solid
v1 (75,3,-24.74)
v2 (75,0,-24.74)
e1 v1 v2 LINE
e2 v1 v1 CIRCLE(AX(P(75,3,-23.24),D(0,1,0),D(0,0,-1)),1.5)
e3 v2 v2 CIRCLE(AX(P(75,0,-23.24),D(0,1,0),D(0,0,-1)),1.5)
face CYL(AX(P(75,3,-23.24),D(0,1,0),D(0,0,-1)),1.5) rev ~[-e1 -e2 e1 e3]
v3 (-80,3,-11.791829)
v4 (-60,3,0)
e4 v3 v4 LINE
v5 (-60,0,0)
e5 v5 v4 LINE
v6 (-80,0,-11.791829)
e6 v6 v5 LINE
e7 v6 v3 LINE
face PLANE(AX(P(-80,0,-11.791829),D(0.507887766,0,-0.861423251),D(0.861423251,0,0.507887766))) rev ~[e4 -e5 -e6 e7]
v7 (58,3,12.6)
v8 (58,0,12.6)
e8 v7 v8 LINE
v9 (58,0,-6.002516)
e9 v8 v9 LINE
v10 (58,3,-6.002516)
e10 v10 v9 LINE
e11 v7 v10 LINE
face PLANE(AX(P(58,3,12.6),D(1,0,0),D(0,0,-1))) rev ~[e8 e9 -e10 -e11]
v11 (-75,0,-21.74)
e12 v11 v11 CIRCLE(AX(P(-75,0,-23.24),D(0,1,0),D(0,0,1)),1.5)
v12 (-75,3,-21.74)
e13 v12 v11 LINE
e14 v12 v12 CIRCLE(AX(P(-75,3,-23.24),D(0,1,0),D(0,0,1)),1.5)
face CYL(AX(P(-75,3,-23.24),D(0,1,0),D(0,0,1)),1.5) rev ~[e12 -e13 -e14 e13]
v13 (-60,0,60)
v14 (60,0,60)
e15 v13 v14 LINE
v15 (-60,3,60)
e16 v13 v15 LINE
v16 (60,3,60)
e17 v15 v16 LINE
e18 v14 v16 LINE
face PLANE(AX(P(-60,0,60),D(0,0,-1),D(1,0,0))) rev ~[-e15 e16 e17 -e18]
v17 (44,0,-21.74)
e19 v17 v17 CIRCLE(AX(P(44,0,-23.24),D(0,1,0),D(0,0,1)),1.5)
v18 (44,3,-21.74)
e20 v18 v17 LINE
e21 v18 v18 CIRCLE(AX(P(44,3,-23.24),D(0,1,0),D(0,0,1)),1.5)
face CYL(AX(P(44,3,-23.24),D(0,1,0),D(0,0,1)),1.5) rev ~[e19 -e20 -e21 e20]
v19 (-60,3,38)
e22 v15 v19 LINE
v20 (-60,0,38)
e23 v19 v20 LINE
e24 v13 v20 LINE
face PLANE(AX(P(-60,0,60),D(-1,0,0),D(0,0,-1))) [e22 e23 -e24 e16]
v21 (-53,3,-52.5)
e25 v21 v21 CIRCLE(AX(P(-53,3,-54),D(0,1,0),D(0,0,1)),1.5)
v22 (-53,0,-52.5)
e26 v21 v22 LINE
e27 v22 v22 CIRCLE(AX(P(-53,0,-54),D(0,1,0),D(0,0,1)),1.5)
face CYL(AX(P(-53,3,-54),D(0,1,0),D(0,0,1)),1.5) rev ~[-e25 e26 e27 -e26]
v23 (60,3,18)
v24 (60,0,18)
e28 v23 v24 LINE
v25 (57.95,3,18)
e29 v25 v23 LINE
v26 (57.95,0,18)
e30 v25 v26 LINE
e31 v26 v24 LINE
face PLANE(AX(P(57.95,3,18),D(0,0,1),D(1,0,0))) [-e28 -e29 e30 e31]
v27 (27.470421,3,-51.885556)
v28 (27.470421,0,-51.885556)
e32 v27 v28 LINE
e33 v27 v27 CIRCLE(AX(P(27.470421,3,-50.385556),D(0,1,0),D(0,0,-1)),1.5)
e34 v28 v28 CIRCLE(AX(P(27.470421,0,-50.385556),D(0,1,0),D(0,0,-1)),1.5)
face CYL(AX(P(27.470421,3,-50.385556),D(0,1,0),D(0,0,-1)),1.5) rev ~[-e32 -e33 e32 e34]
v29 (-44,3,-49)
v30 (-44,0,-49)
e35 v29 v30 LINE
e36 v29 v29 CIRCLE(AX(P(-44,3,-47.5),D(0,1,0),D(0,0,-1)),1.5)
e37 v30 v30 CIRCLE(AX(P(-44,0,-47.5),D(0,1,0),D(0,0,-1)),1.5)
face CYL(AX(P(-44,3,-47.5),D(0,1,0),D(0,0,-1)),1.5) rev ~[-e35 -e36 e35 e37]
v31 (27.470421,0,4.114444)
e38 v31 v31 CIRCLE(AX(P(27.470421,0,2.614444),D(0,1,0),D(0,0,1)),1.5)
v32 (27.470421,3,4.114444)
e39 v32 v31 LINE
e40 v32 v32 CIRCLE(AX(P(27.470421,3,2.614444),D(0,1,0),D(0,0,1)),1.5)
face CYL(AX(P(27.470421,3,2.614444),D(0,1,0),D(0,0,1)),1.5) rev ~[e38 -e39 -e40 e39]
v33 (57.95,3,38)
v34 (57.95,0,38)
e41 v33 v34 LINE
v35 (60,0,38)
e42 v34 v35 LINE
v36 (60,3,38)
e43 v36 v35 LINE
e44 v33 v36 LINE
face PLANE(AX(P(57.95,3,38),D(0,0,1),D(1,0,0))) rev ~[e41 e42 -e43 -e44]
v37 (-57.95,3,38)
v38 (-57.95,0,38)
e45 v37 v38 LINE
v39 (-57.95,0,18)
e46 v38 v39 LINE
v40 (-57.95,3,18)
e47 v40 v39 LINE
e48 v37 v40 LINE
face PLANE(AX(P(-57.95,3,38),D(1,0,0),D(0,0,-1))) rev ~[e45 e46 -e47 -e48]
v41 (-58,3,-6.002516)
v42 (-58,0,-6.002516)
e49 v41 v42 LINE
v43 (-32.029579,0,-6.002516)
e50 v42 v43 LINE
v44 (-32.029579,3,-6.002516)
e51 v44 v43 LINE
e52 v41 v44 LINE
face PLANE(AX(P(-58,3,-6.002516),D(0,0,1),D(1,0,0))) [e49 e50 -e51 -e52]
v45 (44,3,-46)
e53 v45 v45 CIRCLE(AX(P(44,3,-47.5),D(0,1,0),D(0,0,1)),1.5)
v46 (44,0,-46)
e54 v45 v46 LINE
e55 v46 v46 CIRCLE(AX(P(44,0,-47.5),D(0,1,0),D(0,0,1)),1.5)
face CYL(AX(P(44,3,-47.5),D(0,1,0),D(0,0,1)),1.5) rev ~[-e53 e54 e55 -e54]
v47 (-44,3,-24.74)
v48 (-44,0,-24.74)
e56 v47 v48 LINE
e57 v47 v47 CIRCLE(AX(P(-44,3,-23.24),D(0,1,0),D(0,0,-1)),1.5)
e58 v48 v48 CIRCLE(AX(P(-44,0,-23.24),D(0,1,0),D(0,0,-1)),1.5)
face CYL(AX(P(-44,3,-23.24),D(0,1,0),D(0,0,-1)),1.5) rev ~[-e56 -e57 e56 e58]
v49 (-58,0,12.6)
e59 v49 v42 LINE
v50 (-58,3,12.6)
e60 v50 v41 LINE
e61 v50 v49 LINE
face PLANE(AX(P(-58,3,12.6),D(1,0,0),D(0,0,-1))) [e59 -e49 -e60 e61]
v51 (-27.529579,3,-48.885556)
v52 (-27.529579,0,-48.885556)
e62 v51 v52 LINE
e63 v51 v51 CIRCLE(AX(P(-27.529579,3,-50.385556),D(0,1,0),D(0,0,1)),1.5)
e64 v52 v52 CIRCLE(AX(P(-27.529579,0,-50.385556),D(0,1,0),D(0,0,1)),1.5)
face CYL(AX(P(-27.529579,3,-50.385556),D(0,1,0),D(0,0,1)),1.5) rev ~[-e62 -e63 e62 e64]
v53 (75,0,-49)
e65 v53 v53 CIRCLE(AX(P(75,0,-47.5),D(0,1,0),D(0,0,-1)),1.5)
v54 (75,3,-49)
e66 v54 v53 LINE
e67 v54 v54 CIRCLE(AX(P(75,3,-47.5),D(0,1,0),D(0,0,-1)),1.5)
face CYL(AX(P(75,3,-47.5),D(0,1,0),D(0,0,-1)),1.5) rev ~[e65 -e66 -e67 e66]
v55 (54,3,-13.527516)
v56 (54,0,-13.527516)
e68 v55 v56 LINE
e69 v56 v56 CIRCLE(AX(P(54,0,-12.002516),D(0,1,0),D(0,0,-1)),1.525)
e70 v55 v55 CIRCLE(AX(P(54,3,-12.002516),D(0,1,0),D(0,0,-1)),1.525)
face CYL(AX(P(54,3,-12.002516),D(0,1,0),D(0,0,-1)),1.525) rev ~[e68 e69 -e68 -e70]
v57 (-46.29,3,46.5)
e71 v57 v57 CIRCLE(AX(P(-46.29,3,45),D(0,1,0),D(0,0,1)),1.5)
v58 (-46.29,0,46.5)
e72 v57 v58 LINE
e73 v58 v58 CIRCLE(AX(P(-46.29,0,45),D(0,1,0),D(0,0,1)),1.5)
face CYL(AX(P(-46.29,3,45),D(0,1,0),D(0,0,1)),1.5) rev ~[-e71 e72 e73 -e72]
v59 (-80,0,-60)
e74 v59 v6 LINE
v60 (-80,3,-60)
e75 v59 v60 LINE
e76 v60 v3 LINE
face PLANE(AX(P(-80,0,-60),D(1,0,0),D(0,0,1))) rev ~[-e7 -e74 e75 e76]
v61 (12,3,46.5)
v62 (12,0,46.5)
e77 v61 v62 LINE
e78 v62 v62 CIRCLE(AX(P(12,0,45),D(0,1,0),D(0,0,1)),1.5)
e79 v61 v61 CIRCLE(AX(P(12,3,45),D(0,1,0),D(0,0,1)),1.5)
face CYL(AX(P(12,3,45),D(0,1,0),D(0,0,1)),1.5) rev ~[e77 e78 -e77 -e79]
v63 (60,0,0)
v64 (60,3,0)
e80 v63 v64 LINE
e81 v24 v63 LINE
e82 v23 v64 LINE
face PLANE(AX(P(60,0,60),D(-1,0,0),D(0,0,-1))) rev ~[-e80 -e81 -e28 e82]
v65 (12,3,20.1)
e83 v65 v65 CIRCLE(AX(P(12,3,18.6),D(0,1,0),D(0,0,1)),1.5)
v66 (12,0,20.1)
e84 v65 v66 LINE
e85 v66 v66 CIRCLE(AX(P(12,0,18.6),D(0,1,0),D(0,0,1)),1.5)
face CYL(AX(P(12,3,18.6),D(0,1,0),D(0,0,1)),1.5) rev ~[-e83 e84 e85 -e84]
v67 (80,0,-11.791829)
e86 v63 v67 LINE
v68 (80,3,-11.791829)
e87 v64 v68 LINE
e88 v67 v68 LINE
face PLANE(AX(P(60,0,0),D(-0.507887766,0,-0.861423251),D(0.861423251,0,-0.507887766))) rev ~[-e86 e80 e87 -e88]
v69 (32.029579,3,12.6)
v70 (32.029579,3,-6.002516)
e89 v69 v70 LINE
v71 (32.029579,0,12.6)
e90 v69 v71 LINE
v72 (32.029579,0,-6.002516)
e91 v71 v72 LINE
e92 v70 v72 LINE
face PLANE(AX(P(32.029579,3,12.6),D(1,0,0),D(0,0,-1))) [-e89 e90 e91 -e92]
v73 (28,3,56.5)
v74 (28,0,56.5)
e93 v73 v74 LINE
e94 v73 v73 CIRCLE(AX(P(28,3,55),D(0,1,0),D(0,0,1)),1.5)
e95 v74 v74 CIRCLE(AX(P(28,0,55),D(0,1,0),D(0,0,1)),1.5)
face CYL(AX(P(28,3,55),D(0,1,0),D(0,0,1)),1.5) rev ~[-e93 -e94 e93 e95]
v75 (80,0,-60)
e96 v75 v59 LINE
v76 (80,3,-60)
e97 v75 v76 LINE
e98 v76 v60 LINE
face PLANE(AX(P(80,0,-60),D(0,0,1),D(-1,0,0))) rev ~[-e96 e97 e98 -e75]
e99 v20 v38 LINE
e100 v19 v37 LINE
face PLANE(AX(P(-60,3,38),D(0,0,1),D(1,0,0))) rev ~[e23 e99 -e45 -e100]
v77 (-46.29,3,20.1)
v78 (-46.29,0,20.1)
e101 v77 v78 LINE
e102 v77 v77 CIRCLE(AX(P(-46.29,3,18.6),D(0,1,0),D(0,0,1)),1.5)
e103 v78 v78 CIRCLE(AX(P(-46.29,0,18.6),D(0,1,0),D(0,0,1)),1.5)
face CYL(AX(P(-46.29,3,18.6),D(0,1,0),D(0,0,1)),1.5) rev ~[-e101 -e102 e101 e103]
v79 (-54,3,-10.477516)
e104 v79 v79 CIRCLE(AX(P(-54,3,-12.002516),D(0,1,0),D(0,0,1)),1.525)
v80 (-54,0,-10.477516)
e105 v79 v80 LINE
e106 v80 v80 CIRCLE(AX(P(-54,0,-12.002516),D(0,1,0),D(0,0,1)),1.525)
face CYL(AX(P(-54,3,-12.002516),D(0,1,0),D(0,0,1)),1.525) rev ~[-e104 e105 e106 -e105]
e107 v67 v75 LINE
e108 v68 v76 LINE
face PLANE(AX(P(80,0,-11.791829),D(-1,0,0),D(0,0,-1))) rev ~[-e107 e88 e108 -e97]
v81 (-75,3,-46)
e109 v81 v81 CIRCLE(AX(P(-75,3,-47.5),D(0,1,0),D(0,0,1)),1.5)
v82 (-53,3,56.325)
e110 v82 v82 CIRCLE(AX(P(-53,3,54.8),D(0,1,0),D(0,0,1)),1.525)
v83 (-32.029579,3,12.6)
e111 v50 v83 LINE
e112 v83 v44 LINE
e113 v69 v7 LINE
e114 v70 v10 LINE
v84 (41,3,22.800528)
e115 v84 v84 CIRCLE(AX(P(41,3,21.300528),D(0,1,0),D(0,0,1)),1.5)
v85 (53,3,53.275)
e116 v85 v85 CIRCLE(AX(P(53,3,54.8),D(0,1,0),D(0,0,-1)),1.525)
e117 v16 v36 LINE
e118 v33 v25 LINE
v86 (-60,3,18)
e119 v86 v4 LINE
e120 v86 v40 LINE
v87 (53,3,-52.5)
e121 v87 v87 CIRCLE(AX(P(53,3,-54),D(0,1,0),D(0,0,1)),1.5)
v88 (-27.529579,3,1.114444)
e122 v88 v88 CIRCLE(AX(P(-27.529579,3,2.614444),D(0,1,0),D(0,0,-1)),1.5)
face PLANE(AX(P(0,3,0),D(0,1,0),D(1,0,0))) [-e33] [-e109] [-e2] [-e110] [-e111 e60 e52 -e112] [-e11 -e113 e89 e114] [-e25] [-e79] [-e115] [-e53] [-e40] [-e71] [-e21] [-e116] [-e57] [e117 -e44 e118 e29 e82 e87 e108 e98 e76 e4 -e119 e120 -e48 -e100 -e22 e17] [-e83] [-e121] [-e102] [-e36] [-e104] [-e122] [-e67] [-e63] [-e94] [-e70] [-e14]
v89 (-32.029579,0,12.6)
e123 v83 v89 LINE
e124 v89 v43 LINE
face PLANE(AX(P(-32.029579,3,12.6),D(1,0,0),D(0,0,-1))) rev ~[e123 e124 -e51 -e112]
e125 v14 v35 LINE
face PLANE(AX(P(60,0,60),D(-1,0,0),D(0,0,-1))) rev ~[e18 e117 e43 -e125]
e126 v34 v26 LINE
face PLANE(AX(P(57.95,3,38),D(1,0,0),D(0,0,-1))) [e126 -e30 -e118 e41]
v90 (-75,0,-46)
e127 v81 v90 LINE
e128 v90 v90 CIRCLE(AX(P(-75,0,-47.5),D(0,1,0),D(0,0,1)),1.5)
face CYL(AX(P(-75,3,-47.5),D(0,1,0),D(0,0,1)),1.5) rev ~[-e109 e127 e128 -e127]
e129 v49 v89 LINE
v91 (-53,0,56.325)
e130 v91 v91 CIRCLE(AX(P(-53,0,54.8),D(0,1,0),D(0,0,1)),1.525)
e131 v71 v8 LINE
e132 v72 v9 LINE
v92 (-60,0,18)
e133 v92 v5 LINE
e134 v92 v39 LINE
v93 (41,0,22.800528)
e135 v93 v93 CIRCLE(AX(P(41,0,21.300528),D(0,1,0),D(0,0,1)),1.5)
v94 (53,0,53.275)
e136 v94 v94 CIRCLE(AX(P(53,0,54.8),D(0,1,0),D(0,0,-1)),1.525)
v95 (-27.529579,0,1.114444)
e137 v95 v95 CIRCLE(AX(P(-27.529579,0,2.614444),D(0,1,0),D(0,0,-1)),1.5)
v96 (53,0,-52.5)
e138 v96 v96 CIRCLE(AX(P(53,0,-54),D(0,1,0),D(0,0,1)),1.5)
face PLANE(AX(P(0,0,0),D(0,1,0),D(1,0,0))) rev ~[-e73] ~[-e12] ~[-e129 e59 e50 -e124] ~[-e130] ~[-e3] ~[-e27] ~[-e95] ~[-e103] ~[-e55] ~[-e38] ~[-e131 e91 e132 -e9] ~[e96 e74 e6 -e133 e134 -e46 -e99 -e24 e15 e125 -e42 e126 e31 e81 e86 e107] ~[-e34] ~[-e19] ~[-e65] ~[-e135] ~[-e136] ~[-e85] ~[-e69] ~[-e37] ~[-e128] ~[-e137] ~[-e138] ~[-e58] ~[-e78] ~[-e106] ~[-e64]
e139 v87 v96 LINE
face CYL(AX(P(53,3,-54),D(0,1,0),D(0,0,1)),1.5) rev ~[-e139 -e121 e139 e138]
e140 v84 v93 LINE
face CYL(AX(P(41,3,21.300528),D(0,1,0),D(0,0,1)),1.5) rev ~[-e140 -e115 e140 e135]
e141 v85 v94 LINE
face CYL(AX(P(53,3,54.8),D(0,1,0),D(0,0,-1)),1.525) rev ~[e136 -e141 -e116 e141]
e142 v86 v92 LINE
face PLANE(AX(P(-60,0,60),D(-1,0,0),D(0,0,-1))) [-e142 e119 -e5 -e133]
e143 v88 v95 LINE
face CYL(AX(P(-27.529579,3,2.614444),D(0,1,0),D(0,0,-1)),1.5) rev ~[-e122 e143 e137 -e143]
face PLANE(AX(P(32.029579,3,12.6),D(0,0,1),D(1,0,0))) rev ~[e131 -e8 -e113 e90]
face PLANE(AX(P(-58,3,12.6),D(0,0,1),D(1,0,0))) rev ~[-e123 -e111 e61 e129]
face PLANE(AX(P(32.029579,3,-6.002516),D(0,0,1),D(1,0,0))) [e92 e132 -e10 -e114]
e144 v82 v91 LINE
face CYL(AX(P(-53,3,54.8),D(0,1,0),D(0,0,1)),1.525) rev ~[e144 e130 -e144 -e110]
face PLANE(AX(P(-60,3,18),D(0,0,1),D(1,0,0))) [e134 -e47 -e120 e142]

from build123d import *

# Parameters (mm, degrees)
SKETCH1_W           = 120
SKETCH1_H           = 120
BOSS_EXTRUDE1_DEPTH = 3
SKETCH2_R           = 1.5
CUT_EXTRUDE1_DEPTH  = 101.04498988
SKETCH3_R           = 1.5
CUT_EXTRUDE3_DEPTH  = 101.04498988
SKETCH4_R           = 1.5
CUT_EXTRUDE4_DEPTH  = 101.04498988
SKETCH6_R           = 1.525
CUT_EXTRUDE7_DEPTH  = 101.04498988
SKETCH10_W          = 25.970420931
SKETCH10_H          = 18.602515671
CUT_EXTRUDE9_DEPTH  = 5
SKETCH11_R          = 1.5
CUT_EXTRUDE10_DEPTH = 5
SKETCH12_W          = 2.05
SKETCH12_H          = 20
CUT_EXTRUDE11_DEPTH = 10


with BuildPart() as part:
    # Sketch1 → Boss-Extrude1 (new body)
    with BuildSketch(Plane(origin=(0, 0, 0), x_dir=(1, 0, 0), z_dir=(0, 1, 0))):
        Rectangle(SKETCH1_W, SKETCH1_H)
        Polygon((-80, 11.791828604), (-60, 0), (-60, 60), (-80, 60), align=None)
        Polygon((80, 60), (60, 60), (60, 0), (80, 11.791828604), align=None)
    extrude(amount=BOSS_EXTRUDE1_DEPTH)

    # Sketch2 → Cut-Extrude1 (cut, through all)
    with BuildSketch(Plane(origin=(0, 3, 0), x_dir=(1, 0, 0), z_dir=(0, 1, 0))):
        with Locations(Location((28, -55, 0), (0, 0, 270))):
            Circle(SKETCH2_R)
        with Locations(Location((41, -21.300528194, 0), (0, 0, 270))):
            Circle(SKETCH2_R)
        with Locations(Location((-46.29, -45, 0), (0, 0, 270))):
            Circle(SKETCH2_R)
        with Locations(Location((12, -45, 0), (0, 0, 270))):
            Circle(SKETCH2_R)
        with Locations(Location((-46.29, -18.6, 0), (0, 0, 270))):
            Circle(SKETCH2_R)
        with Locations(Location((12, -18.6, 0), (0, 0, 270))):
            Circle(SKETCH2_R)
    extrude(amount=-CUT_EXTRUDE1_DEPTH, mode=Mode.SUBTRACT)

    # Sketch3 → Cut-Extrude3 (cut, through all)
    with BuildSketch(Plane(origin=(0, 3, 0), x_dir=(1, 0, 0), z_dir=(0, 1, 0))):
        with Locations(Location((-27.529579069, 50.385555627, 0), (0, 0, 270))):
            Circle(SKETCH3_R)
        with Locations(Location((-27.529579069, -2.614444373, 0), (0, 0, 90))):
            Circle(SKETCH3_R)
        with Locations(Location((27.470420931, -2.614444373, 0), (0, 0, 270))):
            Circle(SKETCH3_R)
        with Locations(Location((27.470420931, 50.385555627, 0), (0, 0, 90))):
            Circle(SKETCH3_R)
    extrude(amount=-CUT_EXTRUDE3_DEPTH, mode=Mode.SUBTRACT)

    # Sketch4 → Cut-Extrude4 (cut, through all)
    with BuildSketch(Plane(origin=(0, 3, 0), x_dir=(1, 0, 0), z_dir=(0, 1, 0))):
        with Locations(Location((-75, 23.24, 0), (0, 0, 270))):
            Circle(SKETCH4_R)
        with Locations(Location((-75, 47.5, 0), (0, 0, 270))):
            Circle(SKETCH4_R)
        with Locations(Location((-44, 23.24, 0), (0, 0, 90))):
            Circle(SKETCH4_R)
        with Locations(Location((-44, 47.5, 0), (0, 0, 90))):
            Circle(SKETCH4_R)
        with Locations(Location((44, 47.5, 0), (0, 0, 270))):
            Circle(SKETCH4_R)
        with Locations(Location((44, 23.24, 0), (0, 0, 270))):
            Circle(SKETCH4_R)
        with Locations(Location((75, 23.24, 0), (0, 0, 90))):
            Circle(SKETCH4_R)
        with Locations(Location((75, 47.5, 0), (0, 0, 90))):
            Circle(SKETCH4_R)
    extrude(amount=-CUT_EXTRUDE4_DEPTH, mode=Mode.SUBTRACT)

    # Sketch6 → Cut-Extrude7 (cut, through all)
    with BuildSketch(Plane(origin=(0, 3, 0), x_dir=(1, 0, 0), z_dir=(0, 1, 0))):
        with Locations(Location((-53, -54.8, 0), (0, 0, 270))):
            Circle(SKETCH6_R)
        with Locations(Location((53, -54.8, 0), (0, 0, 90))):
            Circle(SKETCH6_R)
        with Locations(Location((-54, 12.002515671, 0), (0, 0, 270))):
            Circle(SKETCH6_R)
        with Locations(Location((54, 12.002515671, 0), (0, 0, 90))):
            Circle(SKETCH6_R)
    extrude(amount=-CUT_EXTRUDE7_DEPTH, mode=Mode.SUBTRACT)

    # Sketch10 → Cut-Extrude9 (cut)
    with BuildSketch(Plane(origin=(0, 3, 0), x_dir=(1, 0, 0), z_dir=(0, 1, 0))):
        with Locations((-45.014789535, -3.298742165)):
            Rectangle(SKETCH10_W, SKETCH10_H)
        with Locations((45.014789535, -3.298742165)):
            Rectangle(SKETCH10_W, SKETCH10_H)
    extrude(amount=-CUT_EXTRUDE9_DEPTH, mode=Mode.SUBTRACT)

    # Sketch11 → Cut-Extrude10 (cut)
    with BuildSketch(Plane(origin=(0, 3, 0), x_dir=(1, 0, 0), z_dir=(0, 1, 0))):
        with Locations(Location((-53, 54, 0), (0, 0, 270))):
            Circle(SKETCH11_R)
        with Locations(Location((53, 54, 0), (0, 0, 270))):
            Circle(SKETCH11_R)
    extrude(amount=-CUT_EXTRUDE10_DEPTH, mode=Mode.SUBTRACT)

    # Sketch12 → Cut-Extrude11 (cut)
    with BuildSketch(Plane(origin=(0, 3, 0), x_dir=(1, 0, 0), z_dir=(0, 1, 0))):
        with Locations((-58.975, -28)):
            Rectangle(SKETCH12_W, SKETCH12_H)
        with Locations((58.975, -28)):
            Rectangle(SKETCH12_W, SKETCH12_H)
    extrude(amount=-CUT_EXTRUDE11_DEPTH, mode=Mode.SUBTRACT)


solid = part.part
